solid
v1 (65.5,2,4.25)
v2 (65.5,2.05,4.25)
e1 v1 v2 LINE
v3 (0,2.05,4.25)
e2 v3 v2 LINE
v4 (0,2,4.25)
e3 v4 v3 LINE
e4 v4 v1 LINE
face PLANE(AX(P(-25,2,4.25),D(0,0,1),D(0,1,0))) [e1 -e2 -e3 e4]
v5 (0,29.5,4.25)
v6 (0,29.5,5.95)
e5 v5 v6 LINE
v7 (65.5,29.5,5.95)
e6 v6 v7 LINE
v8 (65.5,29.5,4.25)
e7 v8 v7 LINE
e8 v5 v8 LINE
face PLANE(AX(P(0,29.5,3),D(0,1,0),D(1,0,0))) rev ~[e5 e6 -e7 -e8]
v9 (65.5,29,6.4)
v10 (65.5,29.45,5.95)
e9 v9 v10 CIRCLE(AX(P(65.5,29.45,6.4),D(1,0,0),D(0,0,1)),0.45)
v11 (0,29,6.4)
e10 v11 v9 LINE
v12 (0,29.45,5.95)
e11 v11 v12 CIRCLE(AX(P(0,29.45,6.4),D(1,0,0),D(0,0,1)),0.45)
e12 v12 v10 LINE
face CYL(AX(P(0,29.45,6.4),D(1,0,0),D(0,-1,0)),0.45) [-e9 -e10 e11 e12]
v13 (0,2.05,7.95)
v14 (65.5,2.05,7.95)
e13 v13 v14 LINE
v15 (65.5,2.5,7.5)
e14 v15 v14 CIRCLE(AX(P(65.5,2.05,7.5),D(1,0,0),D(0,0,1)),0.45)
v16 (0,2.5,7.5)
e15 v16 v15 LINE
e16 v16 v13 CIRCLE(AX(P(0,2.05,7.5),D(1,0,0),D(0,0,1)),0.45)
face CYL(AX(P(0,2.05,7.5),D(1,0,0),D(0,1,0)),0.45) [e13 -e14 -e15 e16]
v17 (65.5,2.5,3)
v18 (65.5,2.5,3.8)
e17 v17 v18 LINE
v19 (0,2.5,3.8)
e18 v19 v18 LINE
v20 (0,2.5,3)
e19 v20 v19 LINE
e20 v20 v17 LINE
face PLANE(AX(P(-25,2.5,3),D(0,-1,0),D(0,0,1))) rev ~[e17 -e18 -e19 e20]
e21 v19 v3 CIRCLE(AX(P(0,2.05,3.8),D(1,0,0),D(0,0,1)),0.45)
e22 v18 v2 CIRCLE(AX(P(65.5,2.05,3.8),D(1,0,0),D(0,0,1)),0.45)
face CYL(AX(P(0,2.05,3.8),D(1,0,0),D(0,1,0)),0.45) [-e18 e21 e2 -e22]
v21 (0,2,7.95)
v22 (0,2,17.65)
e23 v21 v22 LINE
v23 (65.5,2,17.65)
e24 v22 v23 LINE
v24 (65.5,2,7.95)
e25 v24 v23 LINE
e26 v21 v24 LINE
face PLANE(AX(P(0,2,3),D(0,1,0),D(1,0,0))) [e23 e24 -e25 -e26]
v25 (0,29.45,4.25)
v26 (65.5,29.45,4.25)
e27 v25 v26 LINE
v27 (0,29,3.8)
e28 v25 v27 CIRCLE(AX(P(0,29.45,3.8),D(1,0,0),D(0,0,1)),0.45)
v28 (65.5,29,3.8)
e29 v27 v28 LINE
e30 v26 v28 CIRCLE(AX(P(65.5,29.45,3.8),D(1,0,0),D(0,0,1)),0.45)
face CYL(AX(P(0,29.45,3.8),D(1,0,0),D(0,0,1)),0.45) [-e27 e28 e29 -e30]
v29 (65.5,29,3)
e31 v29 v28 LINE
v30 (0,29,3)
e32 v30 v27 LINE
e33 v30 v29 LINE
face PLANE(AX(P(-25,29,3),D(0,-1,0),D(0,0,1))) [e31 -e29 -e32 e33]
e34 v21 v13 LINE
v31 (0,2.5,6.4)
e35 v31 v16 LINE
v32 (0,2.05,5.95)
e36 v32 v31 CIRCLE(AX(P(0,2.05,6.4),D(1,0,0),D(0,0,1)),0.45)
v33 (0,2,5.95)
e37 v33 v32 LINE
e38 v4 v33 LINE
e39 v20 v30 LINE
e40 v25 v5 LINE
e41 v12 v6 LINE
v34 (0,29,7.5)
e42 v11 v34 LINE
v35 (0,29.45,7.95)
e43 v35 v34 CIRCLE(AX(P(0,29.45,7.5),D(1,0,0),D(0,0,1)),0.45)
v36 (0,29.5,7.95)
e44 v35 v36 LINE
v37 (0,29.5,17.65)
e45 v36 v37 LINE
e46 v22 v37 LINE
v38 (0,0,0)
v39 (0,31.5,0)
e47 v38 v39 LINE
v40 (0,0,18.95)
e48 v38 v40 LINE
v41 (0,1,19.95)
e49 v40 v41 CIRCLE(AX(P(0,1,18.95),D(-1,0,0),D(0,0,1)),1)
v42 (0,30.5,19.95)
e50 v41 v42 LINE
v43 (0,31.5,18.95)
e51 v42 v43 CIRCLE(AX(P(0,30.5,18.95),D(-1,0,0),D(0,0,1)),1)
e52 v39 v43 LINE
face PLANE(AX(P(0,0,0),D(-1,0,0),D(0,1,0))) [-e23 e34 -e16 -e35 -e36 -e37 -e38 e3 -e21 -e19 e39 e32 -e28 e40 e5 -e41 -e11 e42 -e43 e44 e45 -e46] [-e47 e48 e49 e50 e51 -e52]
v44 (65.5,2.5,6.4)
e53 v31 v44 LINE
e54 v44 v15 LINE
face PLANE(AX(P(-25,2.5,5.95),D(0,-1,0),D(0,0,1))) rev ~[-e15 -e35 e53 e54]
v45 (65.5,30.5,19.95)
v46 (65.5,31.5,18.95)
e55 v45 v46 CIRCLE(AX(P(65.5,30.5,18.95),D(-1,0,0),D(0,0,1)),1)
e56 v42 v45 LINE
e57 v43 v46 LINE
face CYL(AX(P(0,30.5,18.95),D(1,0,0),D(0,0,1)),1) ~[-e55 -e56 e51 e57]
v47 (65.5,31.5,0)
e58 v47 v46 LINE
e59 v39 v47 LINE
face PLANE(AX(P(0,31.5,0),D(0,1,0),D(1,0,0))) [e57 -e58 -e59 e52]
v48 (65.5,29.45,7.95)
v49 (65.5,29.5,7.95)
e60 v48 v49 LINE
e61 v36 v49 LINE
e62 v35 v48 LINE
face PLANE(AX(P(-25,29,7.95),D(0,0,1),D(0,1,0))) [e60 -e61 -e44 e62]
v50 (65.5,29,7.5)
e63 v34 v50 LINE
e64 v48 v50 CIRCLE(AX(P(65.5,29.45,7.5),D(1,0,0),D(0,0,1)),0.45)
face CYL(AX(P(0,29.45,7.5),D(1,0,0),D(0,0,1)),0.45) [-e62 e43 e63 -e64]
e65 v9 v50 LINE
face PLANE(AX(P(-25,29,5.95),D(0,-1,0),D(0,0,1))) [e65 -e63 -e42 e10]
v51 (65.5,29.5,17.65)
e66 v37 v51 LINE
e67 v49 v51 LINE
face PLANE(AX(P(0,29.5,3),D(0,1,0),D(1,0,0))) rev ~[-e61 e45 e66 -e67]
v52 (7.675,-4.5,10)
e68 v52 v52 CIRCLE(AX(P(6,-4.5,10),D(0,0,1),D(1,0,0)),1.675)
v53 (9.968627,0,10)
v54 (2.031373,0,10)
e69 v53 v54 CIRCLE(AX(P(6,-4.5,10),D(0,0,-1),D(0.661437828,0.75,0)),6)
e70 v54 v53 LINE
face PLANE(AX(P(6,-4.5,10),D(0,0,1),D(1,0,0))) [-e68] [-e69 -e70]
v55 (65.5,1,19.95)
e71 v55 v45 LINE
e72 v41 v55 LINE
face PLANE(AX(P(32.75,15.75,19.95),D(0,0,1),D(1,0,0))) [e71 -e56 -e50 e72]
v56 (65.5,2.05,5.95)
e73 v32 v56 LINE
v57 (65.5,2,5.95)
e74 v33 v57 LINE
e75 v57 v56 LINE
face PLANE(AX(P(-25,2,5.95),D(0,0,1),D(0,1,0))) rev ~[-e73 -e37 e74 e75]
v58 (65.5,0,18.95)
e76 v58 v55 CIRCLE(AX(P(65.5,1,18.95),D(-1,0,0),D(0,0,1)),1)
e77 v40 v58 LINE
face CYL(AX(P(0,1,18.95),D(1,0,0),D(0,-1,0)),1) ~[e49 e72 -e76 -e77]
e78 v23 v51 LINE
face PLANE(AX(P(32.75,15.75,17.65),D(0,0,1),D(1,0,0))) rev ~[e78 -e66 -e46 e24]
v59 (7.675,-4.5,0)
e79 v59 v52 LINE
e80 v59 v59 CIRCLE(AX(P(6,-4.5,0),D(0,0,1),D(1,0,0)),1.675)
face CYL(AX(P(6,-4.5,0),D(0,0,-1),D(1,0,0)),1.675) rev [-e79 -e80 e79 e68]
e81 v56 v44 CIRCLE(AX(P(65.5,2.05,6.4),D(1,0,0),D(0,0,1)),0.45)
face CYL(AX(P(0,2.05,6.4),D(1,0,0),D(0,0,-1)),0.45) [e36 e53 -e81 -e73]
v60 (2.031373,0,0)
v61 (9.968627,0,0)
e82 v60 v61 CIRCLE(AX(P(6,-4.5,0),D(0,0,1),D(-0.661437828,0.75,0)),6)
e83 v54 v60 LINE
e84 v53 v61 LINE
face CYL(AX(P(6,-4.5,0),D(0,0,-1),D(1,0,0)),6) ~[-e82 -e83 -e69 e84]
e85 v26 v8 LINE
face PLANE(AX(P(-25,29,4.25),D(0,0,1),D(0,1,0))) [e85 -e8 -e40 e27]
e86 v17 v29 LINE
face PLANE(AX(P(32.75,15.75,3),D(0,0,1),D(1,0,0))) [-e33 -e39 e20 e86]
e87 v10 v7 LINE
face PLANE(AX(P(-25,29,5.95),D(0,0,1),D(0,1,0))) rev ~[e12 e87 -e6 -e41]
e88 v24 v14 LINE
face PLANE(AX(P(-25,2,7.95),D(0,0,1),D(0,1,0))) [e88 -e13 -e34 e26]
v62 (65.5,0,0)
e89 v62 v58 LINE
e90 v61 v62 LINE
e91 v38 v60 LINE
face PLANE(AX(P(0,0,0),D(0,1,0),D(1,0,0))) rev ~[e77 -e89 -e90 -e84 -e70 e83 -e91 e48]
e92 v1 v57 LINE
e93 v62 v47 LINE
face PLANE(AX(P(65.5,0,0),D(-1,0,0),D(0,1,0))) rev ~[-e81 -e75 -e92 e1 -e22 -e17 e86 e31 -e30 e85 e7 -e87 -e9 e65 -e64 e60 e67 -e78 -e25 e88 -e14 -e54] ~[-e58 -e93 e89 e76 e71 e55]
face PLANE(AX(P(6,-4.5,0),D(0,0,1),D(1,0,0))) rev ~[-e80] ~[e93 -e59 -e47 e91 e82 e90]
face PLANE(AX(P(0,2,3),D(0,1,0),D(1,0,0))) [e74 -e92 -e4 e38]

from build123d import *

# Parameters (mm, degrees)
TUBE_R        = 6
TUBE_R_2      = 1.675
TUBE_DEPTH    = 10
SKETCH003_W   = 27.5
SKETCH003_H   = 14.65
PAD002_DEPTH  = 10
SKETCH002_W   = 0.5
SKETCH002_H   = 1.25
SKETCH002_H_2 = 2
PAD003_DEPTH  = 100
SKETCH001_W   = 65.5
SKETCH001_H   = 27.5
PAD001_DEPTH  = 14.65
SKETCH_W      = 65.5
SKETCH_H      = 31.5
PAD_DEPTH     = 19.95
FILLET_R      = 0.45
FILLET001_R   = 1


with BuildPart() as tube:
    # Tube → Tube (new body)
    with BuildSketch(Plane(origin=(6, -4.5, 0), x_dir=(1, 0, 0), z_dir=(0, 0, 1))):
        Circle(TUBE_R)
        Circle(TUBE_R_2, mode=Mode.SUBTRACT)
    extrude(amount=TUBE_DEPTH)


with BuildPart() as inner_volume_track_removal:
    # Sketch003 → Pad002 (new body)
    with BuildSketch(Plane.YZ):
        with Locations((13.75, 7.325)):
            Rectangle(SKETCH003_W, SKETCH003_H)
    extrude(amount=PAD002_DEPTH)

    # Sketch002 → Pad003 (join)
    with BuildSketch(Plane.YZ):
        with Locations((0.25, 0.625)):
            Rectangle(SKETCH002_W, SKETCH002_H)
        with Locations((27.25, 0.625)):
            Rectangle(SKETCH002_W, SKETCH002_H)
        with Locations((0.25, 3.95)):
            Rectangle(SKETCH002_W, SKETCH002_H_2)
        with Locations((27.25, 3.95)):
            Rectangle(SKETCH002_W, SKETCH002_H_2)
    extrude(amount=PAD003_DEPTH)


with BuildPart() as inner_volume_track_removal_1:
    # Body002 placement: moved
    add(inner_volume_track_removal.part.moved(Location((-25, 0, 0))))


with BuildPart() as cut:
    # Sketch001 → Pad001 (new body)
    with BuildSketch(Plane.XY):
        with Locations((32.75, 13.75)):
            Rectangle(SKETCH001_W, SKETCH001_H)
    extrude(amount=PAD001_DEPTH)

    # Cut: cut Inner Volume Track Removal
    add(inner_volume_track_removal_1.part, mode=Mode.SUBTRACT)


with BuildPart() as cut_1:
    # Cut placement: moved
    add(cut.part.moved(Location((0, 2, 3))))


with BuildPart() as stepdown_case_with_anchor:
    # Sketch → Pad (new body)
    with BuildSketch(Plane.XY):
        with Locations((32.75, 15.75)):
            Rectangle(SKETCH_W, SKETCH_H)
    extrude(amount=PAD_DEPTH)

    # Cut001: cut Cut
    add(cut_1.part, mode=Mode.SUBTRACT)

    # Fillet
    fillet_edges = [stepdown_case_with_anchor.edges().sort_by_distance(p)[0] for p in [
        (32.75, 2.5, 4.25),
        (32.75, 29, 4.25),
        (32.75, 29, 5.95),
        (32.75, 29, 7.95),
        (32.75, 2.5, 7.95),
        (32.75, 2.5, 5.95),
    ]]
    fillet(fillet_edges, radius=FILLET_R)

    # Fillet001
    fillet001_edges = [stepdown_case_with_anchor.edges().sort_by_distance(p)[0] for p in [
        (32.75, 31.5, 19.95),
        (32.75, 0, 19.95),
    ]]
    fillet(fillet001_edges, radius=FILLET001_R)

    # Fusion: union Tube
    add(tube.part)


solid = stepdown_case_with_anchor.part
